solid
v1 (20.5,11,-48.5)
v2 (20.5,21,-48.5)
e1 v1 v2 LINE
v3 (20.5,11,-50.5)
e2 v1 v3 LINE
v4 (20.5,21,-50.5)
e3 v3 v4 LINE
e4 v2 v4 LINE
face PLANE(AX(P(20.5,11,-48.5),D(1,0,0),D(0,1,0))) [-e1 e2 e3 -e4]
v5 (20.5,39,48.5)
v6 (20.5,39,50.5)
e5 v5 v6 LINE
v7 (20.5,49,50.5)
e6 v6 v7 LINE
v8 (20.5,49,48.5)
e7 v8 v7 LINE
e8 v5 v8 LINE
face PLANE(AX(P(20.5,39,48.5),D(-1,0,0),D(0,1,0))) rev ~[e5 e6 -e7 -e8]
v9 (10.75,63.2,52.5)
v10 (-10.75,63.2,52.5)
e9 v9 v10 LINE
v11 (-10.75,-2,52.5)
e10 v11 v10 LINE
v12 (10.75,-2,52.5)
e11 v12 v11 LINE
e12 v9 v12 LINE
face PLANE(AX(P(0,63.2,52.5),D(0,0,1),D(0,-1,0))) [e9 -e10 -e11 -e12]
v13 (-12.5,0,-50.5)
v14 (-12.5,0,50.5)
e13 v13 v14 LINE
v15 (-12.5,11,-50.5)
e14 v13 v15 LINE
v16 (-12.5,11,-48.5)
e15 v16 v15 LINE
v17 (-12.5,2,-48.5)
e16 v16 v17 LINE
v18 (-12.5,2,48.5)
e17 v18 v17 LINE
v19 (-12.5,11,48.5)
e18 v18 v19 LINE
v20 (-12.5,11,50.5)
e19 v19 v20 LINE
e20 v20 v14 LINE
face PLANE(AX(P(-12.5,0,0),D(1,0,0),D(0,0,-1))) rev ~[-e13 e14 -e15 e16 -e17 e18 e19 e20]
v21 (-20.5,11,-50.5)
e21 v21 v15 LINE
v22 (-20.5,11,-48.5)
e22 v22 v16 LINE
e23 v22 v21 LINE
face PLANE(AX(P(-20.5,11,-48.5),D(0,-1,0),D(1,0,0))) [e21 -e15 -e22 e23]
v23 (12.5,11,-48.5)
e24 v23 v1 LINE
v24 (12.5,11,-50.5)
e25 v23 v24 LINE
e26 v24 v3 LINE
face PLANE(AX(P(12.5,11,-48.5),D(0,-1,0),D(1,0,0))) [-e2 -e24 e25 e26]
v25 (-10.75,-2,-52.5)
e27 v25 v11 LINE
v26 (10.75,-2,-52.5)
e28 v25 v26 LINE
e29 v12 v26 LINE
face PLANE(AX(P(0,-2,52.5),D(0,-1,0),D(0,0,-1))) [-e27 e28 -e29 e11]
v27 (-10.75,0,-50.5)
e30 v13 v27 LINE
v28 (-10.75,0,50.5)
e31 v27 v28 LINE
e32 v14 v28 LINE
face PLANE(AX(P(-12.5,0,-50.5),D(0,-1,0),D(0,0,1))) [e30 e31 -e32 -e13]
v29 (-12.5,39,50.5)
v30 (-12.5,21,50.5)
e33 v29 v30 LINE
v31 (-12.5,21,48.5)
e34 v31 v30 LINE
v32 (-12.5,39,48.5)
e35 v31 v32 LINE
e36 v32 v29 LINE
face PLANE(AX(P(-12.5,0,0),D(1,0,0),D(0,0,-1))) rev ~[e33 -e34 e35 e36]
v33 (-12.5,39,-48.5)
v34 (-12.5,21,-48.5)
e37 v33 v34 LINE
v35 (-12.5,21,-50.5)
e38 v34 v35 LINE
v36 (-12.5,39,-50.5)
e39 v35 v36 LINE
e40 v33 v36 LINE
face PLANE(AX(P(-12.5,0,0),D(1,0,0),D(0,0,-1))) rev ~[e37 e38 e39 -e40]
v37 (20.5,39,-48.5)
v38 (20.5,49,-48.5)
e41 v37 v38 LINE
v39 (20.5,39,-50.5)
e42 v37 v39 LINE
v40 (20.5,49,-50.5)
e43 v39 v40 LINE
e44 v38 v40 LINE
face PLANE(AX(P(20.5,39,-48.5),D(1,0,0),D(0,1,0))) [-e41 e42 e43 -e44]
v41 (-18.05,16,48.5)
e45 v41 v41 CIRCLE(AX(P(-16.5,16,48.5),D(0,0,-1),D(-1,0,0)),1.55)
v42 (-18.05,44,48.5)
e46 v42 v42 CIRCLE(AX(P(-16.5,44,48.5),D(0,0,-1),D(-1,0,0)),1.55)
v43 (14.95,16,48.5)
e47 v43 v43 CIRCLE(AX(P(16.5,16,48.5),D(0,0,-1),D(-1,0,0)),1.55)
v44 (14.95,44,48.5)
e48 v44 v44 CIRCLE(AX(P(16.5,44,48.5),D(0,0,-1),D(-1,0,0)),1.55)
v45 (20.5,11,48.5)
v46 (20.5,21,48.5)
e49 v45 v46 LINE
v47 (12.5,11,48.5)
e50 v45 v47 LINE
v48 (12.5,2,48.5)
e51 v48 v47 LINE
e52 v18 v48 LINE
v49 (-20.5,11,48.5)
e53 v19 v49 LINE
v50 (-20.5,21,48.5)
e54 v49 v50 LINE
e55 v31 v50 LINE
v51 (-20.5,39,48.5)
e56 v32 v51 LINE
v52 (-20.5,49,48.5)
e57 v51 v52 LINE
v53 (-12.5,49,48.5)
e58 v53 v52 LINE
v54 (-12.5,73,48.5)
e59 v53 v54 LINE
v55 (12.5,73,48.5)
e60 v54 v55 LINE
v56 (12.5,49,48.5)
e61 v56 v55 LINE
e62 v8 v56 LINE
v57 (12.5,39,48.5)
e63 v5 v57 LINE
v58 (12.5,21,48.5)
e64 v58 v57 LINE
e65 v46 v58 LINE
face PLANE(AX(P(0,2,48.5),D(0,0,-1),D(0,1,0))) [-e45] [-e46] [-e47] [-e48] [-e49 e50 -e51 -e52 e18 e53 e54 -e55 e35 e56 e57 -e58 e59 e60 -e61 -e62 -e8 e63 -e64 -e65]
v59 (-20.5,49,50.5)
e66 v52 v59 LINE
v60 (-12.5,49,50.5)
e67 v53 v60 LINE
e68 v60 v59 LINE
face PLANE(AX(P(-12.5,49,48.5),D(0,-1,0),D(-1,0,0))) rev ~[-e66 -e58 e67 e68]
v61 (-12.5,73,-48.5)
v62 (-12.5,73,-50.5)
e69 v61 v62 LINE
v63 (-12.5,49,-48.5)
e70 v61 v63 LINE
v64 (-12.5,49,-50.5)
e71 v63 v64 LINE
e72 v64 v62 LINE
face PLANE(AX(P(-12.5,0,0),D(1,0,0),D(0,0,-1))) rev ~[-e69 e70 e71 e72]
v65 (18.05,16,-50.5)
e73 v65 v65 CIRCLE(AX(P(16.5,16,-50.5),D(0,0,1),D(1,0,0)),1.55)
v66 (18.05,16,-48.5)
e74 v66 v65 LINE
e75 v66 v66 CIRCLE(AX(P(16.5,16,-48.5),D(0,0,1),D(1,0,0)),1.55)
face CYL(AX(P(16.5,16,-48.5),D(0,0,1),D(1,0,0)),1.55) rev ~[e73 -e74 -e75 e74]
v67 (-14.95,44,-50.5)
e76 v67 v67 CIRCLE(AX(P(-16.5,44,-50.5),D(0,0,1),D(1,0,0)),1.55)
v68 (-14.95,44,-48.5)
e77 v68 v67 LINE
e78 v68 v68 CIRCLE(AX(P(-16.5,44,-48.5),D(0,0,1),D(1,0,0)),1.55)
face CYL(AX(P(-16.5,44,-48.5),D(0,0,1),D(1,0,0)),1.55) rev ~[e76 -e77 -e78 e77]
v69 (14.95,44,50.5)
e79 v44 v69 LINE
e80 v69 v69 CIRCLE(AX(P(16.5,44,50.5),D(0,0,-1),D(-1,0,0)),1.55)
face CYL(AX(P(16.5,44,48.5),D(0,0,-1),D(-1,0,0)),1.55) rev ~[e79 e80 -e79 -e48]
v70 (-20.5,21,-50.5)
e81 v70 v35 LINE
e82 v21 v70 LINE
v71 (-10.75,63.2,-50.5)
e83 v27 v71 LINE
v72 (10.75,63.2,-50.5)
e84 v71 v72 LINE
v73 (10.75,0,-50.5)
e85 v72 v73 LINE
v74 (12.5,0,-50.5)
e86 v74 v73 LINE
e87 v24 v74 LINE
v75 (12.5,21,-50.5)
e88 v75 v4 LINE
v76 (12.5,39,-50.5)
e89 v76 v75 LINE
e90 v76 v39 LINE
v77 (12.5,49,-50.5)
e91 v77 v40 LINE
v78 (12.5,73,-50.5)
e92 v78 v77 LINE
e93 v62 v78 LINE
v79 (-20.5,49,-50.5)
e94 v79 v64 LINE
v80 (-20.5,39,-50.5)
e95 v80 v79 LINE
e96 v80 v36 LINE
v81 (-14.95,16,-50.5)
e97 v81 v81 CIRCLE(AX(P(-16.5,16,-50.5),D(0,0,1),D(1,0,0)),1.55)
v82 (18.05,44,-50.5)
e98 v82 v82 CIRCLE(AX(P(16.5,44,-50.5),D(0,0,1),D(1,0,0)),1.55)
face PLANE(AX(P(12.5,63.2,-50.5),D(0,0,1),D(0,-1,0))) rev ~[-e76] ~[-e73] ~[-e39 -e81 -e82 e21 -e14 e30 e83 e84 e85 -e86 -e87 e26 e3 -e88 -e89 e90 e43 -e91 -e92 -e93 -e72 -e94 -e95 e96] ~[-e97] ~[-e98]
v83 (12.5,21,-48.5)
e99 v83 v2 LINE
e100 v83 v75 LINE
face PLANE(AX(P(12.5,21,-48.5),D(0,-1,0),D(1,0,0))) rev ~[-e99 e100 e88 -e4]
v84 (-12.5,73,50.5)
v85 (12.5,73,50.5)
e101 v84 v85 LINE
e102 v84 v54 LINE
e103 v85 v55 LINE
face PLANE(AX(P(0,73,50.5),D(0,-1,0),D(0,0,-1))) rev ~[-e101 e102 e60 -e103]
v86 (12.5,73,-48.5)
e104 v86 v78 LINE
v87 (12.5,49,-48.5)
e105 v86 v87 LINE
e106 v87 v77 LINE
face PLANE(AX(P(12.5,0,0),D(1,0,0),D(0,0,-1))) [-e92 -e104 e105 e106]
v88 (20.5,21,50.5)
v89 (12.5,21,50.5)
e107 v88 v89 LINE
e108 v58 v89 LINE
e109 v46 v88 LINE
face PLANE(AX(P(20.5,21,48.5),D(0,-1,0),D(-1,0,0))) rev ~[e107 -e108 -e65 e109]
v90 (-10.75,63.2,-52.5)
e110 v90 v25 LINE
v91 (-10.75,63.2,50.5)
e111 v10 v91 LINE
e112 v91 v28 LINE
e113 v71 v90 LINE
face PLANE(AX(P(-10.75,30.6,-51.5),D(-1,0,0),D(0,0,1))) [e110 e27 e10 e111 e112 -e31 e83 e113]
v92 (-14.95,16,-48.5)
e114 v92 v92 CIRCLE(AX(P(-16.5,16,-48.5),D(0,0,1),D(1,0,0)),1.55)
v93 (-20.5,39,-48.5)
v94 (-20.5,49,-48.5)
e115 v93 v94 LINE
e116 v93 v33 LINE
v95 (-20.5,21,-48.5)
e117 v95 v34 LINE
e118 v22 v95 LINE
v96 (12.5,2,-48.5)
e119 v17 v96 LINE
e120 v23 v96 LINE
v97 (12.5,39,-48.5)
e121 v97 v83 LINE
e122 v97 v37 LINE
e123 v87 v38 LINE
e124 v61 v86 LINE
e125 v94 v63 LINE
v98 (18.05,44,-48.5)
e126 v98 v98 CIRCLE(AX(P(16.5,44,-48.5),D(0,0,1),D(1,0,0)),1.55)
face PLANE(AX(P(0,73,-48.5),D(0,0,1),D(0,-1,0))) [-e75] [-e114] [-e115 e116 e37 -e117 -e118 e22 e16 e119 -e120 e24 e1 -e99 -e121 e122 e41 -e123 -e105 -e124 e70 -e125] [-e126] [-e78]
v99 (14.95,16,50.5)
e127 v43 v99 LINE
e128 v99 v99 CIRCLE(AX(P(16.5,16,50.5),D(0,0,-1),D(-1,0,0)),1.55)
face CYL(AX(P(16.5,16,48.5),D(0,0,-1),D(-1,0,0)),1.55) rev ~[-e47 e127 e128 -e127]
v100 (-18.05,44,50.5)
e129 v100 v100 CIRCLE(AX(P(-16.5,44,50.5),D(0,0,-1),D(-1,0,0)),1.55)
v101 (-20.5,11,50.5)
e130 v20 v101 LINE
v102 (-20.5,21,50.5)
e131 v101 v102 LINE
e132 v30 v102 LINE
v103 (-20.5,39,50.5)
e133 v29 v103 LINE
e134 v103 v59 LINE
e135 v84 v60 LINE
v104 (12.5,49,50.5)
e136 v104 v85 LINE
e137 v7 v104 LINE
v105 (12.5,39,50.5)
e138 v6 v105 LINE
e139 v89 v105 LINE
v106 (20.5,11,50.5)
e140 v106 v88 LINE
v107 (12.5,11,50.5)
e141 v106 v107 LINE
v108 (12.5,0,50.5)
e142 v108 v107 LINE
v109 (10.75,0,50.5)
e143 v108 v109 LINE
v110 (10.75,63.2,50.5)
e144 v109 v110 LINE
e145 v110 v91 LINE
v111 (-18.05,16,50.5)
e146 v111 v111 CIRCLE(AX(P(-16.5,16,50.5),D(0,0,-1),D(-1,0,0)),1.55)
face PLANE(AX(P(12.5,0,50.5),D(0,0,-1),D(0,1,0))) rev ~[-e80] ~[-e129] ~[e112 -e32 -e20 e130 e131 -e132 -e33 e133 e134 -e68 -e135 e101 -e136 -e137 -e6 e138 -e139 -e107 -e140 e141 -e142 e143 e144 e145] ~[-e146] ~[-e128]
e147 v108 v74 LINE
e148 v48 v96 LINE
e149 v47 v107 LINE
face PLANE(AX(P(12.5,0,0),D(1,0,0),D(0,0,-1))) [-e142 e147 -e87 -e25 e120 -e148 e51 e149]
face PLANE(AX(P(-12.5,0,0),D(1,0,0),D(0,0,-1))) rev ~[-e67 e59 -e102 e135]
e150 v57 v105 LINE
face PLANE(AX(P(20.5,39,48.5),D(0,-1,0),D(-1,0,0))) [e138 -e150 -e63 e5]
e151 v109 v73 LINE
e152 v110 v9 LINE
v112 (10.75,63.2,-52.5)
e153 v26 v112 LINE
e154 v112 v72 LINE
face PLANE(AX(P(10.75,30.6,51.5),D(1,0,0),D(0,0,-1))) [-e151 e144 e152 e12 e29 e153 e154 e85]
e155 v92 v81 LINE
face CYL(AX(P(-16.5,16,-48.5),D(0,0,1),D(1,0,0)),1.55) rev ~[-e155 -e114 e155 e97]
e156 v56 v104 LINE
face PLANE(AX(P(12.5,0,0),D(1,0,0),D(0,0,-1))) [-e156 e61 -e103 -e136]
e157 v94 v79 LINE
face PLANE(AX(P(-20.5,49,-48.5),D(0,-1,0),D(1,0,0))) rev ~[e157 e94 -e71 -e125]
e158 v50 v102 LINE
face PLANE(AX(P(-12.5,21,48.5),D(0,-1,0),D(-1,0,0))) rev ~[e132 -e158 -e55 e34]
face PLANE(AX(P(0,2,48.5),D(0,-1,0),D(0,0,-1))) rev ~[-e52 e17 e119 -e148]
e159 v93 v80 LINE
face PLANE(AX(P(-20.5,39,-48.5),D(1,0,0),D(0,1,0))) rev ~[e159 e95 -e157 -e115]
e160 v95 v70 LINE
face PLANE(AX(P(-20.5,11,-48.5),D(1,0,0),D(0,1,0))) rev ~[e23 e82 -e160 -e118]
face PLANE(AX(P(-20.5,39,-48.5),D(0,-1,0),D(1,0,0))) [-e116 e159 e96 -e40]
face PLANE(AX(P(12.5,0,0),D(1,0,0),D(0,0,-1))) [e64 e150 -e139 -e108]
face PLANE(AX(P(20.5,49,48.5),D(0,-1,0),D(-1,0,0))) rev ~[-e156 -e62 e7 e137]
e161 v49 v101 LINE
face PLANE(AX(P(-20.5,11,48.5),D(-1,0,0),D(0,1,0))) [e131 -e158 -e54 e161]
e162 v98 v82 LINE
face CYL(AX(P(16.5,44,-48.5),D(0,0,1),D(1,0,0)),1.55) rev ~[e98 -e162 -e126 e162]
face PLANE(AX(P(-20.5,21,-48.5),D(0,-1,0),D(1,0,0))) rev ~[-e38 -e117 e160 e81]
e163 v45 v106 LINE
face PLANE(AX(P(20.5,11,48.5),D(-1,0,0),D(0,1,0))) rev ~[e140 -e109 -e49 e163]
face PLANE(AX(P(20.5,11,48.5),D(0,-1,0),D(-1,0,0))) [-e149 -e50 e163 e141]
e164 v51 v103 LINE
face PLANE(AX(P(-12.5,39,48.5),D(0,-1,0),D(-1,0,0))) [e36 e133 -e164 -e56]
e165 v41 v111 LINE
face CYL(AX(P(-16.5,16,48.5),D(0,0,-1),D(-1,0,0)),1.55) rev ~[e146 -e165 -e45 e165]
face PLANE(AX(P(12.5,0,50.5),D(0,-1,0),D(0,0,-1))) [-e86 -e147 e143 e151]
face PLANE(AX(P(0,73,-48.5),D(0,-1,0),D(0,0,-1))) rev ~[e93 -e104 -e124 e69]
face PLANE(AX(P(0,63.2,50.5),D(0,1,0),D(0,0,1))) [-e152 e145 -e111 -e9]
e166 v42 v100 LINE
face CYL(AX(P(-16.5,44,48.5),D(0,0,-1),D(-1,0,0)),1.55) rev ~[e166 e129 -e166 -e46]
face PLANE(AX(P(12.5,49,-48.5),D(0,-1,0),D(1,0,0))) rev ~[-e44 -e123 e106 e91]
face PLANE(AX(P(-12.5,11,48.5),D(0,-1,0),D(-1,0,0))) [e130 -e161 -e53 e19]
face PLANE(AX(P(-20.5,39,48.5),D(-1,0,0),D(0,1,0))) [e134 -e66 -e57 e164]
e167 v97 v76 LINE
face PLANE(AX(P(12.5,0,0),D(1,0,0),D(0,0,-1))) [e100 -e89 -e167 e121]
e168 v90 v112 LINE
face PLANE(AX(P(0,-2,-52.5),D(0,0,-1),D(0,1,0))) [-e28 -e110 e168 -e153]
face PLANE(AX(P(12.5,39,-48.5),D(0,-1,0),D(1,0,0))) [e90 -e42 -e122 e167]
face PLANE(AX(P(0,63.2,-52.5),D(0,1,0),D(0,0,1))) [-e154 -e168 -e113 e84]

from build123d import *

# Parameters (mm, degrees)
SKETCH1_W           = 105
SKETCH1_H           = 4
SKETCH1_W_2         = 2
SKETCH1_H_2         = 9.8
BOSS_EXTRUDE1_DEPTH = 12.5
SKETCH2_W           = 8
SKETCH2_H           = 10
SKETCH2_R           = 1.55
BOSS_EXTRUDE2_DEPTH = 2
SKETCH4_W           = 8
SKETCH4_H           = 10
SKETCH4_R           = 1.55
BOSS_EXTRUDE3_DEPTH = 2
SKETCH5_W           = 101
SKETCH5_H           = 2
CUT_EXTRUDE1_DEPTH  = 1.75
SKETCH6_W           = 101
SKETCH6_H           = 2
CUT_EXTRUDE2_DEPTH  = 1.75


with BuildPart() as part:
    # Sketch1 → Boss-Extrude1 (new body, symmetric)
    with BuildSketch(Plane(origin=(0, 0, 0), x_dir=(0, 0, -1), z_dir=(1, 0, 0))):
        Rectangle(SKETCH1_W, SKETCH1_H)
        Polygon((-52.5, 63.2), (-52.5, 2), (-48.5, 2), (-48.5, 63.2), (-50.5, 63.2), align=None)
        Polygon((48.5, 63.2), (48.5, 2), (52.5, 2), (52.5, 63.2), (50.5, 63.2), align=None)
        with Locations((-49.5, 68.1)):
            Rectangle(SKETCH1_W_2, SKETCH1_H_2)
        with Locations((49.5, 68.1)):
            Rectangle(SKETCH1_W_2, SKETCH1_H_2)
    extrude(amount=BOSS_EXTRUDE1_DEPTH, both=True)

    # Sketch2 → Boss-Extrude2 (add)
    with BuildSketch(Plane.XY.offset(-48.5)):
        with Locations((-16.5, 16)):
            Rectangle(SKETCH2_W, SKETCH2_H)
        with Locations((-16.5, 16)):
            Circle(SKETCH2_R, mode=Mode.SUBTRACT)
        with Locations((-16.5, 44)):
            Rectangle(SKETCH2_W, SKETCH2_H)
        with Locations((-16.5, 44)):
            Circle(SKETCH2_R, mode=Mode.SUBTRACT)
        with Locations((16.5, 16)):
            Rectangle(SKETCH2_W, SKETCH2_H)
        with Locations((16.5, 16)):
            Circle(SKETCH2_R, mode=Mode.SUBTRACT)
        with Locations((16.5, 44)):
            Rectangle(SKETCH2_W, SKETCH2_H)
        with Locations((16.5, 44)):
            Circle(SKETCH2_R, mode=Mode.SUBTRACT)
    extrude(amount=-BOSS_EXTRUDE2_DEPTH)

    # Sketch4 → Boss-Extrude3 (add)
    with BuildSketch(Plane(origin=(0, 0, 48.5), x_dir=(-1, 0, 0), z_dir=(0, 0, -1))):
        with Locations((-16.5, 16)):
            Rectangle(SKETCH4_W, SKETCH4_H)
        with Locations((-16.5, 16)):
            Circle(SKETCH4_R, mode=Mode.SUBTRACT)
        with Locations((-16.5, 44)):
            Rectangle(SKETCH4_W, SKETCH4_H)
        with Locations((-16.5, 44)):
            Circle(SKETCH4_R, mode=Mode.SUBTRACT)
        with Locations((16.5, 16)):
            Rectangle(SKETCH4_W, SKETCH4_H)
        with Locations((16.5, 16)):
            Circle(SKETCH4_R, mode=Mode.SUBTRACT)
        with Locations((16.5, 44)):
            Rectangle(SKETCH4_W, SKETCH4_H)
        with Locations((16.5, 44)):
            Circle(SKETCH4_R, mode=Mode.SUBTRACT)
    extrude(amount=-BOSS_EXTRUDE3_DEPTH)

    # Sketch5 → Cut-Extrude1 (cut)
    with BuildSketch(Plane.ZY.offset(12.5)):
        Polygon((-50.5, 63.2), (-52.5, 63.2), (-52.5, -2), (-50.5, -2), (-50.5, 0), (-50.5, 11), (-50.5, 21), (-50.5, 39), (-50.5, 49), align=None)
        with Locations((0, -1)):
            Rectangle(SKETCH5_W, SKETCH5_H)
        Polygon((50.5, 0), (50.5, -2), (52.5, -2), (52.5, 63.2), (50.5, 63.2), (50.5, 49), (50.5, 39), (50.5, 21), (50.5, 11), align=None)
    extrude(amount=-CUT_EXTRUDE1_DEPTH, mode=Mode.SUBTRACT)

    # Sketch6 → Cut-Extrude2 (cut)
    with BuildSketch(Plane(origin=(12.5, 0, 0), x_dir=(0, 0, -1), z_dir=(1, 0, 0))):
        Polygon((-50.5, 0), (-50.5, 63.2), (-52.5, 63.2), (-52.5, -2), (-50.5, -2), align=None)
        with Locations((0, -1)):
            Rectangle(SKETCH6_W, SKETCH6_H)
        Polygon((50.5, 63.2), (50.5, 0), (50.5, -2), (52.5, -2), (52.5, 63.2), align=None)
    extrude(amount=-CUT_EXTRUDE2_DEPTH, mode=Mode.SUBTRACT)


solid = part.part
